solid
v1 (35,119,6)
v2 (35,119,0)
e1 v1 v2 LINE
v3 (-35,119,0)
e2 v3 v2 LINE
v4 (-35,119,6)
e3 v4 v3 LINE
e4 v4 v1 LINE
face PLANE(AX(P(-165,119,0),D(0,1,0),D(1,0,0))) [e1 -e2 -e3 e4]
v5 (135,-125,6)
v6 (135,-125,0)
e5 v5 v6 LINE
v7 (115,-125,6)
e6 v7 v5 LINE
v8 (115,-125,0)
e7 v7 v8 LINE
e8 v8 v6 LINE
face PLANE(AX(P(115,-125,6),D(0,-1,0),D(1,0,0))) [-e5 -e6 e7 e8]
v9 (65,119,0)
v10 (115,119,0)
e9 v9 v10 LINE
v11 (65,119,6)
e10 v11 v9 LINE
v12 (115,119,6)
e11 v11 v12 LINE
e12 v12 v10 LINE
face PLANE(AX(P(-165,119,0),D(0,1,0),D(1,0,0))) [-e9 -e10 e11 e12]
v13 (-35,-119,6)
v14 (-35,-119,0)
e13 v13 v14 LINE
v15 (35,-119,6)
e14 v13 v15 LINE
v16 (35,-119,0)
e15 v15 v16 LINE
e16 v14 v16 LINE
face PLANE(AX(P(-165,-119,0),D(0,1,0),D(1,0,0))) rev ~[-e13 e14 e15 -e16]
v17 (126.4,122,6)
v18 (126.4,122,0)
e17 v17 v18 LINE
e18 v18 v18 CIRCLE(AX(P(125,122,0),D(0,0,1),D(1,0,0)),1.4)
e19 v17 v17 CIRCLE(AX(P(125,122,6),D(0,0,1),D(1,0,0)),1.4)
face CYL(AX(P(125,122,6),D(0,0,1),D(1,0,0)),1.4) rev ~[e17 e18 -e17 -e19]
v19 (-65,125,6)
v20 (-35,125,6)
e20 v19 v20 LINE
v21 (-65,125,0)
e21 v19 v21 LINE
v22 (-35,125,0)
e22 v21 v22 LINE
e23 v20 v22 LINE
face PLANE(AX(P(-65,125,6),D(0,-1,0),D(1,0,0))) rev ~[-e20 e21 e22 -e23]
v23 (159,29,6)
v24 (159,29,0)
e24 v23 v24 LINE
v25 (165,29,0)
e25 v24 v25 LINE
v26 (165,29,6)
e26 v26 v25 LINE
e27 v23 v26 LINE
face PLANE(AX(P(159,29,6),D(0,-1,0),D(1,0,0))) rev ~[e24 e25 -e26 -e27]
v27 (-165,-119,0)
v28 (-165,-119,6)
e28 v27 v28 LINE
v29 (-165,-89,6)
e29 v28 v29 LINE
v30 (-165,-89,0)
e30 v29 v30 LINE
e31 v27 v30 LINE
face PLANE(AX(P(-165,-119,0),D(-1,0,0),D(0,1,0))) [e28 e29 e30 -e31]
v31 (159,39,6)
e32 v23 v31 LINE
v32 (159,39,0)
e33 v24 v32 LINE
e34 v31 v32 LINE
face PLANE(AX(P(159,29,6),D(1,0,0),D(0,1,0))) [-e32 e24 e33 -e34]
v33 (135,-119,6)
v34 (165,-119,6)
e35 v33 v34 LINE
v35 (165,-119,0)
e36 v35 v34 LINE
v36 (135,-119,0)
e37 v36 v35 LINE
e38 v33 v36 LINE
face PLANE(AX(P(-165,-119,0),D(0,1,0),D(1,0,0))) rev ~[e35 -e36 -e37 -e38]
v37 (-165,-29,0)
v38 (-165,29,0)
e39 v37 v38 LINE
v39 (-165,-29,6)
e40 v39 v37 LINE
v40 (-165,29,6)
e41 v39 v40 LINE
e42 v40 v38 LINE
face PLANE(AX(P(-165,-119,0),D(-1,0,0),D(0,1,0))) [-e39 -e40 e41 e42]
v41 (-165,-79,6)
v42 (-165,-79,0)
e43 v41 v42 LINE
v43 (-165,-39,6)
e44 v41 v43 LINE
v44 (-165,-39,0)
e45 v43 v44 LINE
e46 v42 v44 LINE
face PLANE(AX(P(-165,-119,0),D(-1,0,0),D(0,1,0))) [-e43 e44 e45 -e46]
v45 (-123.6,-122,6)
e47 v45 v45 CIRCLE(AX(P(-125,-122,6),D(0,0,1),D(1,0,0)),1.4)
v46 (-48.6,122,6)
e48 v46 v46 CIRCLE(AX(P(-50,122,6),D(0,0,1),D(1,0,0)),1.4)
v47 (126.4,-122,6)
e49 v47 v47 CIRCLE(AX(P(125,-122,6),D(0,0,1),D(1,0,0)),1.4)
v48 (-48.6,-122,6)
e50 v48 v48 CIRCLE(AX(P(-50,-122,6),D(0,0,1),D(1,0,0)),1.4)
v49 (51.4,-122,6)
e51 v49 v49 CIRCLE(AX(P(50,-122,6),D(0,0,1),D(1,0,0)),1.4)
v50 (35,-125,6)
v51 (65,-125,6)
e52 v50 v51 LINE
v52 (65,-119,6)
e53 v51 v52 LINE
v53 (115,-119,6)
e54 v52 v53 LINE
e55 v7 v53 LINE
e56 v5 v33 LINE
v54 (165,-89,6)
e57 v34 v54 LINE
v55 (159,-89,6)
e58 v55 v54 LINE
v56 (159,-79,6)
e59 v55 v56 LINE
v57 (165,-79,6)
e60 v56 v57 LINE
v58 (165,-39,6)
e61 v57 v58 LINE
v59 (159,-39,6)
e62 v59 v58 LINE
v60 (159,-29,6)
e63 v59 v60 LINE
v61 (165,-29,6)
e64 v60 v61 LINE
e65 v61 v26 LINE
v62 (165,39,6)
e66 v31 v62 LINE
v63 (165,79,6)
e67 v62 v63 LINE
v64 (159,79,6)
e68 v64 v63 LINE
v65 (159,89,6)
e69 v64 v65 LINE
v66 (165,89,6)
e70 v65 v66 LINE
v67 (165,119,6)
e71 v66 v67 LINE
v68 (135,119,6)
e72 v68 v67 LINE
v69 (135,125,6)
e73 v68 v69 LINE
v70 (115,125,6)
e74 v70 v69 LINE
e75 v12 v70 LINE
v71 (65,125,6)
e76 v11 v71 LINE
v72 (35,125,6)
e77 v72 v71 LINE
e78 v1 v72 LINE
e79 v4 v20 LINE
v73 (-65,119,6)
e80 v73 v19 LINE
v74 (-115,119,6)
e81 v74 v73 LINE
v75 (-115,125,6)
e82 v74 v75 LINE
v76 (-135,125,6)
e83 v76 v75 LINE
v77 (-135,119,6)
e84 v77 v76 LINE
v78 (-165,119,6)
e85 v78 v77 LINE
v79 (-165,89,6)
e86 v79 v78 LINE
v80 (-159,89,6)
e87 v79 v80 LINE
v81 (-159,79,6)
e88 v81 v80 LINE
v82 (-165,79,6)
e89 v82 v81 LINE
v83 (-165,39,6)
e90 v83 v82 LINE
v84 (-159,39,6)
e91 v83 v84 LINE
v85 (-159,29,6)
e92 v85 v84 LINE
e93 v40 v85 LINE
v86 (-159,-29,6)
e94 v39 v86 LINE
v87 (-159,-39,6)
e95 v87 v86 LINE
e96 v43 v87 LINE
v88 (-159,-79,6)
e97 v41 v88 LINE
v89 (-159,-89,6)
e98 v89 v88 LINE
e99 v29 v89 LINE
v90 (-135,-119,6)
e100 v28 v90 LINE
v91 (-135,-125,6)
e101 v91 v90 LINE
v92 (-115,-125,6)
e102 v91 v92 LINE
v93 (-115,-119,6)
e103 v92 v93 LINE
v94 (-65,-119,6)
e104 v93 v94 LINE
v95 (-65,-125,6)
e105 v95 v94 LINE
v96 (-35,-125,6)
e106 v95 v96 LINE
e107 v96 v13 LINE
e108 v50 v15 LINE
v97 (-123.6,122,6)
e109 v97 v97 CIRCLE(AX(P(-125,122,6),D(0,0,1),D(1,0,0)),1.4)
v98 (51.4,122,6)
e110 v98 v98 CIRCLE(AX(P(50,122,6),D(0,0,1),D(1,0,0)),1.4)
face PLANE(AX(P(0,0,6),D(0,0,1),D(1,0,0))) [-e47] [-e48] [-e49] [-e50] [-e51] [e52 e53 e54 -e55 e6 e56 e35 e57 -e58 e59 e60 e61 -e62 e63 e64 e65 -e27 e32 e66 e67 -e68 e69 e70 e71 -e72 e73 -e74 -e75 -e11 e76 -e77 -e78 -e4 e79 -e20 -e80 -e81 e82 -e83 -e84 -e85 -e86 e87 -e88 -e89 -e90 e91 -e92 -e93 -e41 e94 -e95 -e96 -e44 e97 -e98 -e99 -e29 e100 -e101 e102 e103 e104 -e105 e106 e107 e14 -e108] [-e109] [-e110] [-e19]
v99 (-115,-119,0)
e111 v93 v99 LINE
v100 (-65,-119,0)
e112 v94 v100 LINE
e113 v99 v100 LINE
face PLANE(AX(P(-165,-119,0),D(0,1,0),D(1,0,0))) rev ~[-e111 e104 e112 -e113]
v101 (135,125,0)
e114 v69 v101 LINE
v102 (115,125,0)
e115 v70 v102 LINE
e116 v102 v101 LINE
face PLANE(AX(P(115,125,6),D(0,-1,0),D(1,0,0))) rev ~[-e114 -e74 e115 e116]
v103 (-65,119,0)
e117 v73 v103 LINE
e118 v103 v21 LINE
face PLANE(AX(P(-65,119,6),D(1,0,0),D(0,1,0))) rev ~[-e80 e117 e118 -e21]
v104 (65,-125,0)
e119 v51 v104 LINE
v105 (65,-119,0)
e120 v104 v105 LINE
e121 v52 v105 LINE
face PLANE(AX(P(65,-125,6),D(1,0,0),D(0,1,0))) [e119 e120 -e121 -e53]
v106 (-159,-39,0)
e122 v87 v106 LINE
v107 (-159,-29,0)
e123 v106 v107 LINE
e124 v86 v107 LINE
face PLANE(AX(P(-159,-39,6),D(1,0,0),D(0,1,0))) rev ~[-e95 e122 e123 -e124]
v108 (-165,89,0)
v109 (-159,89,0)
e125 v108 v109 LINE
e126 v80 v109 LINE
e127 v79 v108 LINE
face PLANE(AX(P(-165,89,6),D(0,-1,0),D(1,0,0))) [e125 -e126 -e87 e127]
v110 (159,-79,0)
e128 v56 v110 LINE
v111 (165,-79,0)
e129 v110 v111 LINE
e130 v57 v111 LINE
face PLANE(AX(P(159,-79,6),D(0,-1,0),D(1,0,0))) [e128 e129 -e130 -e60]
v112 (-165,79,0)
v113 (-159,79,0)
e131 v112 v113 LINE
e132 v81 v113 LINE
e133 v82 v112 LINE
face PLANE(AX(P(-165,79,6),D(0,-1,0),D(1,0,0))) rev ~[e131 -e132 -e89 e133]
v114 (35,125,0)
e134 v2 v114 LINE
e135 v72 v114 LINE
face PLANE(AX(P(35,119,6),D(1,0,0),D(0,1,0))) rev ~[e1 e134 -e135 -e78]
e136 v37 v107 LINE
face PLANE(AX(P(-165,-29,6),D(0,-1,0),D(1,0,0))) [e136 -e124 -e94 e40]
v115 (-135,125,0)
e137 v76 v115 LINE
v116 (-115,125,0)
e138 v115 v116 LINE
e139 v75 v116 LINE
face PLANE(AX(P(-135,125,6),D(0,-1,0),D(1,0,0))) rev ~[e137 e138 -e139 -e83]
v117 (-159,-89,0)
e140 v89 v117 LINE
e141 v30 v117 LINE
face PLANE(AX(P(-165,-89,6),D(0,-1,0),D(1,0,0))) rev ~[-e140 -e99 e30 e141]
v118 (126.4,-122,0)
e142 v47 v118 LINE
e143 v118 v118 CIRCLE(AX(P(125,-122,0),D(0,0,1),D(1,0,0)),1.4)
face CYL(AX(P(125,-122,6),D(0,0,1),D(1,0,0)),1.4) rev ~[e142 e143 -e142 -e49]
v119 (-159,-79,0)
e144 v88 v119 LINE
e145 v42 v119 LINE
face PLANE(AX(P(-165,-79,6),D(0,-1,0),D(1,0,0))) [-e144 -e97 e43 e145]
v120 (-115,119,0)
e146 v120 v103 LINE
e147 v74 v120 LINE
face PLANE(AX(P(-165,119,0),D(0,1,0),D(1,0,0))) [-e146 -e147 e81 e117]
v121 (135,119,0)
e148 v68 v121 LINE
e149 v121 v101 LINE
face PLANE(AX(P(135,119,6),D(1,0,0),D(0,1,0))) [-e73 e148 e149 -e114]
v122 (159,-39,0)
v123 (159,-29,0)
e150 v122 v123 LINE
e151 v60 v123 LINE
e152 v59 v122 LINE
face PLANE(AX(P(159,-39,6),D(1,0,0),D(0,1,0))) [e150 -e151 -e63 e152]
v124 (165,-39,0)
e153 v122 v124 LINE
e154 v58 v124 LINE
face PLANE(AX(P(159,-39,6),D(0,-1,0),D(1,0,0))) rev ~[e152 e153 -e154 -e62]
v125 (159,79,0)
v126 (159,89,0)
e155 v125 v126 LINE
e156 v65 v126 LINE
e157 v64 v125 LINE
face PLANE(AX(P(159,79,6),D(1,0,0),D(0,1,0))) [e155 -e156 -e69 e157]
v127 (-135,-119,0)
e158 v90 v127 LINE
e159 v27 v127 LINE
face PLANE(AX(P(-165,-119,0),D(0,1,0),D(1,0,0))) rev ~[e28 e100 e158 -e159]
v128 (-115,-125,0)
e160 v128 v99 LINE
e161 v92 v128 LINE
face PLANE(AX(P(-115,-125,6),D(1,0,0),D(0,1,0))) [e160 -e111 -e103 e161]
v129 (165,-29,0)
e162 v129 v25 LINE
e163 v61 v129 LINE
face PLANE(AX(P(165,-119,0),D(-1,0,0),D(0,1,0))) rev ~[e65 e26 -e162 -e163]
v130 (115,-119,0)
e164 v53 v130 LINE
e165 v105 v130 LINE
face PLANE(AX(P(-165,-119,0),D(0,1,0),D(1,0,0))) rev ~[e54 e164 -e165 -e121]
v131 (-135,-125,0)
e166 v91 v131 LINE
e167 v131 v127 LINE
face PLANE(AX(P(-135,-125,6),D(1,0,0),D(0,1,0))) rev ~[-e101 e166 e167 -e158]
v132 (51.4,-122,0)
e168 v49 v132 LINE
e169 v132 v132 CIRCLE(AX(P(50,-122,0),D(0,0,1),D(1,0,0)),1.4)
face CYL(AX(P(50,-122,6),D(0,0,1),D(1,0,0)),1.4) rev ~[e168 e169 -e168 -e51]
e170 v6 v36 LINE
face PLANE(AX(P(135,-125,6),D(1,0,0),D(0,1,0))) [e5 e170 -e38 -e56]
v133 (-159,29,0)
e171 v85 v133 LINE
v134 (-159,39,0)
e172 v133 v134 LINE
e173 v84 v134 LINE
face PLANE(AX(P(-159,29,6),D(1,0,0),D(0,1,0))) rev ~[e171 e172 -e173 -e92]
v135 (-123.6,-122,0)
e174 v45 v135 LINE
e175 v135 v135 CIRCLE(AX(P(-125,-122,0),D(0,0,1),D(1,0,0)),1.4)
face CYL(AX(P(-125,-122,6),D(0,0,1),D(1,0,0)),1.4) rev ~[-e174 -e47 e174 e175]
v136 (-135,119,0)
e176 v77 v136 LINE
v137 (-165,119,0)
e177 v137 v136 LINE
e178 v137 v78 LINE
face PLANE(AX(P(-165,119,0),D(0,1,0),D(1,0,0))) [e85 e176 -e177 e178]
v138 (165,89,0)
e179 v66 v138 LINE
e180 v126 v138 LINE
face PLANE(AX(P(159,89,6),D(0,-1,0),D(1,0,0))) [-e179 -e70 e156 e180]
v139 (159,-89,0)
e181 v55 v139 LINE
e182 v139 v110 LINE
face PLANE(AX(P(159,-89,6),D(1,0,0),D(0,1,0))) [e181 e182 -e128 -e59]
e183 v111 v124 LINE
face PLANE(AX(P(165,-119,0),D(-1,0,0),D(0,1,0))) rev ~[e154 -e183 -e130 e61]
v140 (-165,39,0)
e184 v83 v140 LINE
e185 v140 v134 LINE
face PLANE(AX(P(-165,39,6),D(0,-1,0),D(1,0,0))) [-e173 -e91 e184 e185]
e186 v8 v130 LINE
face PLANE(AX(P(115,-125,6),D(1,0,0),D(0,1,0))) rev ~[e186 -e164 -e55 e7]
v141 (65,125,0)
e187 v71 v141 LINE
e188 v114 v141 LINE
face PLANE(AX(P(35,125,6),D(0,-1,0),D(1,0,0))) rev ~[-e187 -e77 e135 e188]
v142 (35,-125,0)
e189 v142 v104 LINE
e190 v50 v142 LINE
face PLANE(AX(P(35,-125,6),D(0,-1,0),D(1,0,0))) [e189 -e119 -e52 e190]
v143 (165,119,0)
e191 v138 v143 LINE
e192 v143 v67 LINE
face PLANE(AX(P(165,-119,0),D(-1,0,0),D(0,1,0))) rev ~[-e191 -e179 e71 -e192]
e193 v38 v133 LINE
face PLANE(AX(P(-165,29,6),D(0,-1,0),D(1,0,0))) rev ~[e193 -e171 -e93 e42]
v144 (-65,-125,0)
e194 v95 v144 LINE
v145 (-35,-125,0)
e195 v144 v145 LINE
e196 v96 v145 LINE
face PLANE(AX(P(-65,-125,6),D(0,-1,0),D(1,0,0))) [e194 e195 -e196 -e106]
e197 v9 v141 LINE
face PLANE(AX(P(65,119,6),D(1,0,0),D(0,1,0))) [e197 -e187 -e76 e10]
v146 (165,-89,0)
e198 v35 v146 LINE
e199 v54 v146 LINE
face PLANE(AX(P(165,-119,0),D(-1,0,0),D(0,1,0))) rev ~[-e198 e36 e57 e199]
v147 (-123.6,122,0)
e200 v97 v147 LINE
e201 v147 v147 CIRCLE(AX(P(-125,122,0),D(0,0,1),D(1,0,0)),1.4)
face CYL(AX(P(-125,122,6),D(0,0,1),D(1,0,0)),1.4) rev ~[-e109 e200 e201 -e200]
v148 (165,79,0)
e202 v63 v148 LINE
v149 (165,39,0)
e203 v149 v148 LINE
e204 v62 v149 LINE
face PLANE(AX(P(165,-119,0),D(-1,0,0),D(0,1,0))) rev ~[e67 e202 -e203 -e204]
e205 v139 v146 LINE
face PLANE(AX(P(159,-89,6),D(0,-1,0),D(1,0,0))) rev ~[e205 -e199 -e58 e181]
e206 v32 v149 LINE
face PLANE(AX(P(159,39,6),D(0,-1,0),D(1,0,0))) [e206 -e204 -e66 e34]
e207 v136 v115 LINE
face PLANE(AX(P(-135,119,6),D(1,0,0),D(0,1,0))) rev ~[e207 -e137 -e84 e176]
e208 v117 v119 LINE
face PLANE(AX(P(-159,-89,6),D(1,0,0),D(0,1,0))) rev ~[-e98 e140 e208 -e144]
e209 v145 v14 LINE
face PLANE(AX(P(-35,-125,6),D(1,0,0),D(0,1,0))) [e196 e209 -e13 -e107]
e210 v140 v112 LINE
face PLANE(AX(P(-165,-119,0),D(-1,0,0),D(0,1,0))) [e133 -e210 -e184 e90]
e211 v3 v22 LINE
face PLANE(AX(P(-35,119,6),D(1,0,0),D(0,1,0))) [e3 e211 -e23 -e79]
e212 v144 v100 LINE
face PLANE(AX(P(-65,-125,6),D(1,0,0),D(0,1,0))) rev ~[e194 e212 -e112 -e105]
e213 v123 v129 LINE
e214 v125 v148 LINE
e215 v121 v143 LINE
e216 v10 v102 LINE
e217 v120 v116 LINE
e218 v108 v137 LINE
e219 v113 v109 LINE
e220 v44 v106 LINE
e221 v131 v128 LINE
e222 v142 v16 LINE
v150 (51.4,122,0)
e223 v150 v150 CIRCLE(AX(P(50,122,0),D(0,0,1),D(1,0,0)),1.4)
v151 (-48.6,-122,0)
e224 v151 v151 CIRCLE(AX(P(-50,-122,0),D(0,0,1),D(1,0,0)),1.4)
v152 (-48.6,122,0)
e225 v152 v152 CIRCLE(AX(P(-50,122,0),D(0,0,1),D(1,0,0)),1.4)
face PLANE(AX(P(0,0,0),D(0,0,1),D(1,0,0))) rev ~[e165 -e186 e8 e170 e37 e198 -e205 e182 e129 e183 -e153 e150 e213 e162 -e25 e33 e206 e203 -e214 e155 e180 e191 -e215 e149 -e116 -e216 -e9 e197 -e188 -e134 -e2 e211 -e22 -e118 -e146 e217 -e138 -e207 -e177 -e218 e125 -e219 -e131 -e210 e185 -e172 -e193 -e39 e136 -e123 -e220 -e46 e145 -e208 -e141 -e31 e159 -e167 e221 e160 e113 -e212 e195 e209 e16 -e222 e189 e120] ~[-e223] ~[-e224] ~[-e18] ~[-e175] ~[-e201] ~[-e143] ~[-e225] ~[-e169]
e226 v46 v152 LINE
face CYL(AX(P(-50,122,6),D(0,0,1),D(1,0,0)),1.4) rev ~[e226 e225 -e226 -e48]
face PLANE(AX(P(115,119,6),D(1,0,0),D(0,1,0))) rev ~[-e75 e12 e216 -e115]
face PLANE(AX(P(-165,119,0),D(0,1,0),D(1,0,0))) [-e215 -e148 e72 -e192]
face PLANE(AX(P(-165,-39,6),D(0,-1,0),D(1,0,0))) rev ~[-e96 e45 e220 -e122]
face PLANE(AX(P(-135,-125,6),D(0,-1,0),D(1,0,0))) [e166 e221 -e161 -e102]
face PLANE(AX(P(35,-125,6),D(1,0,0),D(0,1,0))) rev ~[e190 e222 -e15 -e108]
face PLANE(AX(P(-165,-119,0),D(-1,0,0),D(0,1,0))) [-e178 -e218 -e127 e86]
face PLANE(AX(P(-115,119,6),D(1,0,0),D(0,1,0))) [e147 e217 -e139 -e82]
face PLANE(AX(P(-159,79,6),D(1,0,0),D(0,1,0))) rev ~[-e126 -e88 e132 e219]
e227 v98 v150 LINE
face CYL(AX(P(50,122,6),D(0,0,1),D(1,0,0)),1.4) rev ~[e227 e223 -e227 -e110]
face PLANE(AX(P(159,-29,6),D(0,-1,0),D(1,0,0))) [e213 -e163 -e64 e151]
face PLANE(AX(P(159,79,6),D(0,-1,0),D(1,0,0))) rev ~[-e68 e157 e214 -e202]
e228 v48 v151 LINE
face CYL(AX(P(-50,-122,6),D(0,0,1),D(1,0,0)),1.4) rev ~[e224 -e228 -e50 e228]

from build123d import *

# Parameters (mm, degrees)
ESQUISSE1_W             = 330
ESQUISSE1_H             = 238
BOSS_EXTRU_1_DEPTH      = 6
ESQUISSE2_W             = 20
ESQUISSE2_H             = 6
ESQUISSE2_W_2           = 30
BOSS_EXTRU_2_DEPTH      = 6
ESQUISSE3_W             = 6
ESQUISSE3_H             = 10
ENL_V_MAT_EXTRU_1_DEPTH = 6
ESQUISSE4_R             = 1.4
ENL_V_MAT_EXTRU_2_DEPTH = 6


with BuildPart() as part:
    # Esquisse1 → Boss.-Extru.1 (new body)
    with BuildSketch(Plane.XY):
        Rectangle(ESQUISSE1_W, ESQUISSE1_H)
    extrude(amount=BOSS_EXTRU_1_DEPTH)

    # Esquisse2 → Boss.-Extru.2 (add)
    with BuildSketch(Plane.XY.offset(6)):
        with Locations((-125, 122)):
            Rectangle(ESQUISSE2_W, ESQUISSE2_H)
        with Locations((-50, 122)):
            Rectangle(ESQUISSE2_W_2, ESQUISSE2_H)
        with Locations((50, 122)):
            Rectangle(ESQUISSE2_W_2, ESQUISSE2_H)
        with Locations((125, 122)):
            Rectangle(ESQUISSE2_W, ESQUISSE2_H)
        with Locations((125, -122)):
            Rectangle(ESQUISSE2_W, ESQUISSE2_H)
        with Locations((50, -122)):
            Rectangle(ESQUISSE2_W_2, ESQUISSE2_H)
        with Locations((-50, -122)):
            Rectangle(ESQUISSE2_W_2, ESQUISSE2_H)
        with Locations((-125, -122)):
            Rectangle(ESQUISSE2_W, ESQUISSE2_H)
    extrude(amount=-BOSS_EXTRU_2_DEPTH)

    # Esquisse3 → Enlèv. mat.-Extru.1 (cut)
    with BuildSketch(Plane.XY.offset(6)):
        with Locations((-162, 84)):
            Rectangle(ESQUISSE3_W, ESQUISSE3_H)
        with Locations((-162, 34)):
            Rectangle(ESQUISSE3_W, ESQUISSE3_H)
        with Locations((-162, -34)):
            Rectangle(ESQUISSE3_W, ESQUISSE3_H)
        with Locations((-162, -84)):
            Rectangle(ESQUISSE3_W, ESQUISSE3_H)
        with Locations((162, -84)):
            Rectangle(ESQUISSE3_W, ESQUISSE3_H)
        with Locations((162, -34)):
            Rectangle(ESQUISSE3_W, ESQUISSE3_H)
        with Locations((162, 34)):
            Rectangle(ESQUISSE3_W, ESQUISSE3_H)
        with Locations((162, 84)):
            Rectangle(ESQUISSE3_W, ESQUISSE3_H)
    extrude(amount=-ENL_V_MAT_EXTRU_1_DEPTH, mode=Mode.SUBTRACT)

    # Esquisse4 → Enlèv. mat.-Extru.2 (cut)
    with BuildSketch(Plane.XY.offset(6)):
        with Locations((-125, 122)):
            Circle(ESQUISSE4_R)
        with Locations((-50, 122)):
            Circle(ESQUISSE4_R)
        with Locations((50, 122)):
            Circle(ESQUISSE4_R)
        with Locations((125, 122)):
            Circle(ESQUISSE4_R)
        with Locations((125, -122)):
            Circle(ESQUISSE4_R)
        with Locations((50, -122)):
            Circle(ESQUISSE4_R)
        with Locations((-50, -122)):
            Circle(ESQUISSE4_R)
        with Locations((-125, -122)):
            Circle(ESQUISSE4_R)
    extrude(amount=-ENL_V_MAT_EXTRU_2_DEPTH, mode=Mode.SUBTRACT)


solid = part.part
